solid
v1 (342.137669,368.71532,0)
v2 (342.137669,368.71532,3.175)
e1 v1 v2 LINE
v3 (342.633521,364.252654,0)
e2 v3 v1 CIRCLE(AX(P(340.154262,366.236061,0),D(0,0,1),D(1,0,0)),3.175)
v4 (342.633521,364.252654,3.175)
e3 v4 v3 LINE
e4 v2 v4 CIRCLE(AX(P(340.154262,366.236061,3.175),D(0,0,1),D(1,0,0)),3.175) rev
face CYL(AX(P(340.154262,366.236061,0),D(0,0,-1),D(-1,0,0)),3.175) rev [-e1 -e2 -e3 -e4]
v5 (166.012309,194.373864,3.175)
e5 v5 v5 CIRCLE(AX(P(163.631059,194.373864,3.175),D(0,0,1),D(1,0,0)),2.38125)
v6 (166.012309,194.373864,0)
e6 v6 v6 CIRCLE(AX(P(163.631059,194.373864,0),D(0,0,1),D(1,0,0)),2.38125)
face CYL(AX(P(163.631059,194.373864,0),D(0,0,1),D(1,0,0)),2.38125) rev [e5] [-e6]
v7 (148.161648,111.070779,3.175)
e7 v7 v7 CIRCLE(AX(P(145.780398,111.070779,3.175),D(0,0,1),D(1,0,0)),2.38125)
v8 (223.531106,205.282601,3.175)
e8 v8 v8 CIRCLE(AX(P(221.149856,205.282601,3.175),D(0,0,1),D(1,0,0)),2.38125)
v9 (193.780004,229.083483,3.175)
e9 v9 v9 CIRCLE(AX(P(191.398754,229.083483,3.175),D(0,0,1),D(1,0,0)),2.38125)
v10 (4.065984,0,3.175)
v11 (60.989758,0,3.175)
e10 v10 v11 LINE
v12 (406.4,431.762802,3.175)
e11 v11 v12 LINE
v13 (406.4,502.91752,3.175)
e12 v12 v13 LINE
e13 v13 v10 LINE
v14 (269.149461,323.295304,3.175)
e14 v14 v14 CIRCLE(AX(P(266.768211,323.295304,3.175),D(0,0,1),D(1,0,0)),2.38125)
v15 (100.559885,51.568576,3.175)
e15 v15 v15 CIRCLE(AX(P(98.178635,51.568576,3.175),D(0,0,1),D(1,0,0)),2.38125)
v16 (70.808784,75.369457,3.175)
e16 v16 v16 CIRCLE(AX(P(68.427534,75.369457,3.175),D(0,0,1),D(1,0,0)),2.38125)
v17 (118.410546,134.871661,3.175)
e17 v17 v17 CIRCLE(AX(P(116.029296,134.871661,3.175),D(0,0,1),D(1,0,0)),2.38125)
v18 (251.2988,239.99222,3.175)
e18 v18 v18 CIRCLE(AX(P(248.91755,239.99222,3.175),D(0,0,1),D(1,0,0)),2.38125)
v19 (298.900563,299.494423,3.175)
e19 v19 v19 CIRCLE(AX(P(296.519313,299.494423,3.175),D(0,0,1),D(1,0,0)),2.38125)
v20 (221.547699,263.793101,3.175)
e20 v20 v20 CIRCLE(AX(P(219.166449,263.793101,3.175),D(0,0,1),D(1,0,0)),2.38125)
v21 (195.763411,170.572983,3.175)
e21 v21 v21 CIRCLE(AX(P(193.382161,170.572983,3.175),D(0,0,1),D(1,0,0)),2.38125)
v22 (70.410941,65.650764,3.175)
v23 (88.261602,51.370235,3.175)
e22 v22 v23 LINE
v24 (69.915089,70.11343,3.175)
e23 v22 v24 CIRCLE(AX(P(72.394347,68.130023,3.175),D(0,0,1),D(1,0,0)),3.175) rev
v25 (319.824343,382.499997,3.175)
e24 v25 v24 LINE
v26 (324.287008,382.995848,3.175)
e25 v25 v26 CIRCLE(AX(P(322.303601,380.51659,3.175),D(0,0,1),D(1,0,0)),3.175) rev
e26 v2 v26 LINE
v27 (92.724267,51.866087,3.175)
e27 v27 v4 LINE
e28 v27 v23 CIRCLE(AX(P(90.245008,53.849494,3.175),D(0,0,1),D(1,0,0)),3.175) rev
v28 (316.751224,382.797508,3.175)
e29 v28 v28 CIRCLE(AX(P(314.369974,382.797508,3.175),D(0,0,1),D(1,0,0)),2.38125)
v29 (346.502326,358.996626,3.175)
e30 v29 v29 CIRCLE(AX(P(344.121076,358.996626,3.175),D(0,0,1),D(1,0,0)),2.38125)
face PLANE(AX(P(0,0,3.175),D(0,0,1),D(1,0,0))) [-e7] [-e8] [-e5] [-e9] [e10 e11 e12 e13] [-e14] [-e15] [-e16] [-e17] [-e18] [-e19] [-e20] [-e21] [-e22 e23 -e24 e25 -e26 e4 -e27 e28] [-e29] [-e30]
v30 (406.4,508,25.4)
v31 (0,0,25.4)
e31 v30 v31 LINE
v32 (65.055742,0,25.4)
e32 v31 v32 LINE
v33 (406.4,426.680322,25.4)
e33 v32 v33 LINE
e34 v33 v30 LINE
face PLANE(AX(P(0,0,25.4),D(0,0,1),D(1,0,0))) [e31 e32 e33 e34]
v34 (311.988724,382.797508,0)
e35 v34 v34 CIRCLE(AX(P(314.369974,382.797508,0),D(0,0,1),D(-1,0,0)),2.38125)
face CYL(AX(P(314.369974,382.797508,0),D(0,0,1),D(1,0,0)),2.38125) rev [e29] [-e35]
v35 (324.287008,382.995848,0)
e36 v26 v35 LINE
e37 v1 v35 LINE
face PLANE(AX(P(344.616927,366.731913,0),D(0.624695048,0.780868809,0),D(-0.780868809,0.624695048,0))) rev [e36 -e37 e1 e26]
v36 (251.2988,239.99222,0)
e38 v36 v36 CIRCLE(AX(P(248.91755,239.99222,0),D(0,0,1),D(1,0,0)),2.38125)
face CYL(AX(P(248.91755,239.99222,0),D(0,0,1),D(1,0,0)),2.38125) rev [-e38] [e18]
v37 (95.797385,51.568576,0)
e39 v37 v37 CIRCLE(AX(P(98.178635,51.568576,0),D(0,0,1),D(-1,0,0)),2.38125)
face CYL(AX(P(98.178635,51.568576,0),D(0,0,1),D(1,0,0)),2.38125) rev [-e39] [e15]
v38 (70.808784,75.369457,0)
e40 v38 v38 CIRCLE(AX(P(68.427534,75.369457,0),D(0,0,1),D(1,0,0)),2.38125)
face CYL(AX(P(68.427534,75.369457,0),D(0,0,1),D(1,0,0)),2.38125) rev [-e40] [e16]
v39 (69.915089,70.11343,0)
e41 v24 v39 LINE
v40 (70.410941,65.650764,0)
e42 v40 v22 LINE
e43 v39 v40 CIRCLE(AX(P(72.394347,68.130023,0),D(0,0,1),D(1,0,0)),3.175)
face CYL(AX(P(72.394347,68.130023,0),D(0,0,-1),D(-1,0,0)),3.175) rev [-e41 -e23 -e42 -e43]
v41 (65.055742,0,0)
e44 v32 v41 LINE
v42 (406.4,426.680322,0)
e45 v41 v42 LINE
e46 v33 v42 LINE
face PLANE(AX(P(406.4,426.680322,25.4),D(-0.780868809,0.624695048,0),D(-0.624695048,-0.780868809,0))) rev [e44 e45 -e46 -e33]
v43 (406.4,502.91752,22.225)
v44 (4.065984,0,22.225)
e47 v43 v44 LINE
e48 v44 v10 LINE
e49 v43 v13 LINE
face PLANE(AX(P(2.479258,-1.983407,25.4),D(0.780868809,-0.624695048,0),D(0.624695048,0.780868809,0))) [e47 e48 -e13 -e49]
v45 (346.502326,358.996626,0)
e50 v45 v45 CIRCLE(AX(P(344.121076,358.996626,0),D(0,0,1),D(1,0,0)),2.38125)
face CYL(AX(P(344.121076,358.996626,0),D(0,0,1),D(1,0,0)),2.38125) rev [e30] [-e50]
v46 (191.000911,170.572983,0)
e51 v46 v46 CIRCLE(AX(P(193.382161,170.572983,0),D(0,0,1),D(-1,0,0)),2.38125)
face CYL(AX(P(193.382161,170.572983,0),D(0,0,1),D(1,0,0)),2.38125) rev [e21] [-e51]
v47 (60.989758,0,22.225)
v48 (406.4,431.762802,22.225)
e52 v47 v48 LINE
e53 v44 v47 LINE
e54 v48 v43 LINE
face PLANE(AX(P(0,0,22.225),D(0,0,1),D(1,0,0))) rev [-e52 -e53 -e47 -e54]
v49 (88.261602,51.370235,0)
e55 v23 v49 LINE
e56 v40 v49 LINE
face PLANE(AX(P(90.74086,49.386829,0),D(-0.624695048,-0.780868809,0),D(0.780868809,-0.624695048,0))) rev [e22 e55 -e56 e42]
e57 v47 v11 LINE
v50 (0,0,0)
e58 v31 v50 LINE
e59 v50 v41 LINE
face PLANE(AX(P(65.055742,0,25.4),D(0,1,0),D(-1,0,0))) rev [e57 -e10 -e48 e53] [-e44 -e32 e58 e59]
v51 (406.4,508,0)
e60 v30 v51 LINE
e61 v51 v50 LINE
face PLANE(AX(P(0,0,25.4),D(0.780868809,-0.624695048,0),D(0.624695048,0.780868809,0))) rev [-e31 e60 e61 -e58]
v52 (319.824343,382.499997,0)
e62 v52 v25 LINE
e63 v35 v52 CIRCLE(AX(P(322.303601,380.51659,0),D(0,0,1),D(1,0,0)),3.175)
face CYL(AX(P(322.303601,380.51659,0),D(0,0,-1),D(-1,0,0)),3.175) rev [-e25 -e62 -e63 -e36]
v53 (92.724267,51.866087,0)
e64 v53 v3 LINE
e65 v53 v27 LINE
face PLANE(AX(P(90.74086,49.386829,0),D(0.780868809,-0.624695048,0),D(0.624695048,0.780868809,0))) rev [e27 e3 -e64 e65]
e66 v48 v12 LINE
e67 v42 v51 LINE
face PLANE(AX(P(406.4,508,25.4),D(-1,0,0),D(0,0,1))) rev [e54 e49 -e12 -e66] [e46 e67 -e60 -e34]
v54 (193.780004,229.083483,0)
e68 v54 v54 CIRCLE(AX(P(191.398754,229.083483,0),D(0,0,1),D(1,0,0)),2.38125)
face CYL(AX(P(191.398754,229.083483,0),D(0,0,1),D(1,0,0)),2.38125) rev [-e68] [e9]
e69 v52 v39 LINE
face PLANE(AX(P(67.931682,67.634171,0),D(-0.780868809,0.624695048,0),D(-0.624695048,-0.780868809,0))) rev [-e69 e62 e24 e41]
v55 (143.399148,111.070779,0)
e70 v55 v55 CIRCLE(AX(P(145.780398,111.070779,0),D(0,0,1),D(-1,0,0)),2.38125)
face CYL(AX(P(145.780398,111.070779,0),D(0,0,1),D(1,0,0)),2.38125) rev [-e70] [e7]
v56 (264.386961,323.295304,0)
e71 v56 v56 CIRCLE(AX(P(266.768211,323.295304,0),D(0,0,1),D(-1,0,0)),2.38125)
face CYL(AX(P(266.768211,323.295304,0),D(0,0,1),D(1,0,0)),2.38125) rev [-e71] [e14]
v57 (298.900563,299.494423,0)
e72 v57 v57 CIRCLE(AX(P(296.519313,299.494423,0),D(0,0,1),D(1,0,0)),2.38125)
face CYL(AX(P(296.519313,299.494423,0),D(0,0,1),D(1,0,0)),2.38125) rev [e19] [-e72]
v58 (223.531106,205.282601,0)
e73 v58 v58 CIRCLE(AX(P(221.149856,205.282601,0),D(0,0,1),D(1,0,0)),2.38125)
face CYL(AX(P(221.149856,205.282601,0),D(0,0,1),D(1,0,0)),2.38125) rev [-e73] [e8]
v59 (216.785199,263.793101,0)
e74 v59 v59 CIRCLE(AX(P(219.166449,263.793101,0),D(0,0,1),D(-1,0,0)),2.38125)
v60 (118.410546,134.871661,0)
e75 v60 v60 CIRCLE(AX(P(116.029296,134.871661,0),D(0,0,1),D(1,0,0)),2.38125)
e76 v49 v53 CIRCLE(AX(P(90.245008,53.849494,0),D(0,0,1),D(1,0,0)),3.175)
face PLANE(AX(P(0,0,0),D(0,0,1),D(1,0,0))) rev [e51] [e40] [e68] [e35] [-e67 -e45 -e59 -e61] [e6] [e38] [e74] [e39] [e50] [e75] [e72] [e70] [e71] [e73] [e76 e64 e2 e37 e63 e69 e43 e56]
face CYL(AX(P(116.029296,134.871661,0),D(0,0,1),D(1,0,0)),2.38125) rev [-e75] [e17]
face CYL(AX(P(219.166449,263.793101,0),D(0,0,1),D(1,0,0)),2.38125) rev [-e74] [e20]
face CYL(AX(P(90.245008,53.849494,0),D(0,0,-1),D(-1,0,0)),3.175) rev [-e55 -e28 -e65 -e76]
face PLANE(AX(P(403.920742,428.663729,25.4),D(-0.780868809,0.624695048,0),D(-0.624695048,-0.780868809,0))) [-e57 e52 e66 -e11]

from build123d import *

# Parameters (mm, degrees)
BOSS_EXTRUDE1_DEPTH = 25.4
SHELL1_T            = -3.175
CUT_EXTRUDE1_START  = -7.62
SKETCH2_R           = 2.38125
CUT_EXTRUDE1_DEPTH  = 644.433085393
FILLET1_R           = 3.175


with BuildPart() as part:
    # Sketch1 → Boss-Extrude1 (new body)
    with BuildSketch(Plane.XY):
        Polygon((0, 0), (406.4, 508), (406.4, 426.680322185), (65.055742252, 0), align=None)
    extrude(amount=BOSS_EXTRUDE1_DEPTH)

    # Shell1
    shell1_openings = [part.faces().sort_by_distance(p)[0] for p in [
        (406.4, 467.340161092, 12.7),
        (32.527871126, 0, 12.7),
    ]]
    offset(amount=SHELL1_T, openings=shell1_openings, kind=Kind.INTERSECTION)

    # Sketch2 → Cut-Extrude1 (cut, through all)
    with BuildSketch(Plane.XY.offset(25.4).offset(CUT_EXTRUDE1_START)):
        with Locations((68.427533771, 75.369457487)):
            Circle(SKETCH2_R)
        with Locations((116.029296395, 134.871660767)):
            Circle(SKETCH2_R)
        with Locations((163.631059019, 194.373864047)):
            Circle(SKETCH2_R)
        with Locations((193.382160659, 170.572982735)):
            Circle(SKETCH2_R)
        with Locations((145.780398035, 111.070779455)):
            Circle(SKETCH2_R)
        with Locations((98.178635411, 51.568576176)):
            Circle(SKETCH2_R)
        with Locations((344.121075633, 358.996626453)):
            Circle(SKETCH2_R)
        with Locations((296.51931301, 299.494423174)):
            Circle(SKETCH2_R)
        with Locations((248.917550386, 239.992219894)):
            Circle(SKETCH2_R)
        with Locations((219.166448746, 263.793101206)):
            Circle(SKETCH2_R)
        with Locations((266.76821137, 323.295304486)):
            Circle(SKETCH2_R)
        with Locations((314.369973994, 382.797507765)):
            Circle(SKETCH2_R)
        with Locations((191.398753883, 229.083482626)):
            Circle(SKETCH2_R)
        with Locations((221.149855522, 205.282601314)):
            Circle(SKETCH2_R)
        Polygon((90.740860001, 49.386828722), (344.616927327, 366.73191288), (321.807749404, 384.979255219), (67.931682077, 67.634171061), align=None)
    extrude(amount=-CUT_EXTRUDE1_DEPTH, mode=Mode.SUBTRACT)

    # Fillet1
    fillet1_edges = [part.edges().sort_by_distance(p)[0] for p in [
        (90.740860001, 49.386828722, 1.5875),
        (67.931682077, 67.634171061, 1.5875),
        (321.807749404, 384.979255219, 1.5875),
        (344.616927327, 366.73191288, 1.5875),
    ]]
    fillet(fillet1_edges, radius=FILLET1_R)


solid = part.part
